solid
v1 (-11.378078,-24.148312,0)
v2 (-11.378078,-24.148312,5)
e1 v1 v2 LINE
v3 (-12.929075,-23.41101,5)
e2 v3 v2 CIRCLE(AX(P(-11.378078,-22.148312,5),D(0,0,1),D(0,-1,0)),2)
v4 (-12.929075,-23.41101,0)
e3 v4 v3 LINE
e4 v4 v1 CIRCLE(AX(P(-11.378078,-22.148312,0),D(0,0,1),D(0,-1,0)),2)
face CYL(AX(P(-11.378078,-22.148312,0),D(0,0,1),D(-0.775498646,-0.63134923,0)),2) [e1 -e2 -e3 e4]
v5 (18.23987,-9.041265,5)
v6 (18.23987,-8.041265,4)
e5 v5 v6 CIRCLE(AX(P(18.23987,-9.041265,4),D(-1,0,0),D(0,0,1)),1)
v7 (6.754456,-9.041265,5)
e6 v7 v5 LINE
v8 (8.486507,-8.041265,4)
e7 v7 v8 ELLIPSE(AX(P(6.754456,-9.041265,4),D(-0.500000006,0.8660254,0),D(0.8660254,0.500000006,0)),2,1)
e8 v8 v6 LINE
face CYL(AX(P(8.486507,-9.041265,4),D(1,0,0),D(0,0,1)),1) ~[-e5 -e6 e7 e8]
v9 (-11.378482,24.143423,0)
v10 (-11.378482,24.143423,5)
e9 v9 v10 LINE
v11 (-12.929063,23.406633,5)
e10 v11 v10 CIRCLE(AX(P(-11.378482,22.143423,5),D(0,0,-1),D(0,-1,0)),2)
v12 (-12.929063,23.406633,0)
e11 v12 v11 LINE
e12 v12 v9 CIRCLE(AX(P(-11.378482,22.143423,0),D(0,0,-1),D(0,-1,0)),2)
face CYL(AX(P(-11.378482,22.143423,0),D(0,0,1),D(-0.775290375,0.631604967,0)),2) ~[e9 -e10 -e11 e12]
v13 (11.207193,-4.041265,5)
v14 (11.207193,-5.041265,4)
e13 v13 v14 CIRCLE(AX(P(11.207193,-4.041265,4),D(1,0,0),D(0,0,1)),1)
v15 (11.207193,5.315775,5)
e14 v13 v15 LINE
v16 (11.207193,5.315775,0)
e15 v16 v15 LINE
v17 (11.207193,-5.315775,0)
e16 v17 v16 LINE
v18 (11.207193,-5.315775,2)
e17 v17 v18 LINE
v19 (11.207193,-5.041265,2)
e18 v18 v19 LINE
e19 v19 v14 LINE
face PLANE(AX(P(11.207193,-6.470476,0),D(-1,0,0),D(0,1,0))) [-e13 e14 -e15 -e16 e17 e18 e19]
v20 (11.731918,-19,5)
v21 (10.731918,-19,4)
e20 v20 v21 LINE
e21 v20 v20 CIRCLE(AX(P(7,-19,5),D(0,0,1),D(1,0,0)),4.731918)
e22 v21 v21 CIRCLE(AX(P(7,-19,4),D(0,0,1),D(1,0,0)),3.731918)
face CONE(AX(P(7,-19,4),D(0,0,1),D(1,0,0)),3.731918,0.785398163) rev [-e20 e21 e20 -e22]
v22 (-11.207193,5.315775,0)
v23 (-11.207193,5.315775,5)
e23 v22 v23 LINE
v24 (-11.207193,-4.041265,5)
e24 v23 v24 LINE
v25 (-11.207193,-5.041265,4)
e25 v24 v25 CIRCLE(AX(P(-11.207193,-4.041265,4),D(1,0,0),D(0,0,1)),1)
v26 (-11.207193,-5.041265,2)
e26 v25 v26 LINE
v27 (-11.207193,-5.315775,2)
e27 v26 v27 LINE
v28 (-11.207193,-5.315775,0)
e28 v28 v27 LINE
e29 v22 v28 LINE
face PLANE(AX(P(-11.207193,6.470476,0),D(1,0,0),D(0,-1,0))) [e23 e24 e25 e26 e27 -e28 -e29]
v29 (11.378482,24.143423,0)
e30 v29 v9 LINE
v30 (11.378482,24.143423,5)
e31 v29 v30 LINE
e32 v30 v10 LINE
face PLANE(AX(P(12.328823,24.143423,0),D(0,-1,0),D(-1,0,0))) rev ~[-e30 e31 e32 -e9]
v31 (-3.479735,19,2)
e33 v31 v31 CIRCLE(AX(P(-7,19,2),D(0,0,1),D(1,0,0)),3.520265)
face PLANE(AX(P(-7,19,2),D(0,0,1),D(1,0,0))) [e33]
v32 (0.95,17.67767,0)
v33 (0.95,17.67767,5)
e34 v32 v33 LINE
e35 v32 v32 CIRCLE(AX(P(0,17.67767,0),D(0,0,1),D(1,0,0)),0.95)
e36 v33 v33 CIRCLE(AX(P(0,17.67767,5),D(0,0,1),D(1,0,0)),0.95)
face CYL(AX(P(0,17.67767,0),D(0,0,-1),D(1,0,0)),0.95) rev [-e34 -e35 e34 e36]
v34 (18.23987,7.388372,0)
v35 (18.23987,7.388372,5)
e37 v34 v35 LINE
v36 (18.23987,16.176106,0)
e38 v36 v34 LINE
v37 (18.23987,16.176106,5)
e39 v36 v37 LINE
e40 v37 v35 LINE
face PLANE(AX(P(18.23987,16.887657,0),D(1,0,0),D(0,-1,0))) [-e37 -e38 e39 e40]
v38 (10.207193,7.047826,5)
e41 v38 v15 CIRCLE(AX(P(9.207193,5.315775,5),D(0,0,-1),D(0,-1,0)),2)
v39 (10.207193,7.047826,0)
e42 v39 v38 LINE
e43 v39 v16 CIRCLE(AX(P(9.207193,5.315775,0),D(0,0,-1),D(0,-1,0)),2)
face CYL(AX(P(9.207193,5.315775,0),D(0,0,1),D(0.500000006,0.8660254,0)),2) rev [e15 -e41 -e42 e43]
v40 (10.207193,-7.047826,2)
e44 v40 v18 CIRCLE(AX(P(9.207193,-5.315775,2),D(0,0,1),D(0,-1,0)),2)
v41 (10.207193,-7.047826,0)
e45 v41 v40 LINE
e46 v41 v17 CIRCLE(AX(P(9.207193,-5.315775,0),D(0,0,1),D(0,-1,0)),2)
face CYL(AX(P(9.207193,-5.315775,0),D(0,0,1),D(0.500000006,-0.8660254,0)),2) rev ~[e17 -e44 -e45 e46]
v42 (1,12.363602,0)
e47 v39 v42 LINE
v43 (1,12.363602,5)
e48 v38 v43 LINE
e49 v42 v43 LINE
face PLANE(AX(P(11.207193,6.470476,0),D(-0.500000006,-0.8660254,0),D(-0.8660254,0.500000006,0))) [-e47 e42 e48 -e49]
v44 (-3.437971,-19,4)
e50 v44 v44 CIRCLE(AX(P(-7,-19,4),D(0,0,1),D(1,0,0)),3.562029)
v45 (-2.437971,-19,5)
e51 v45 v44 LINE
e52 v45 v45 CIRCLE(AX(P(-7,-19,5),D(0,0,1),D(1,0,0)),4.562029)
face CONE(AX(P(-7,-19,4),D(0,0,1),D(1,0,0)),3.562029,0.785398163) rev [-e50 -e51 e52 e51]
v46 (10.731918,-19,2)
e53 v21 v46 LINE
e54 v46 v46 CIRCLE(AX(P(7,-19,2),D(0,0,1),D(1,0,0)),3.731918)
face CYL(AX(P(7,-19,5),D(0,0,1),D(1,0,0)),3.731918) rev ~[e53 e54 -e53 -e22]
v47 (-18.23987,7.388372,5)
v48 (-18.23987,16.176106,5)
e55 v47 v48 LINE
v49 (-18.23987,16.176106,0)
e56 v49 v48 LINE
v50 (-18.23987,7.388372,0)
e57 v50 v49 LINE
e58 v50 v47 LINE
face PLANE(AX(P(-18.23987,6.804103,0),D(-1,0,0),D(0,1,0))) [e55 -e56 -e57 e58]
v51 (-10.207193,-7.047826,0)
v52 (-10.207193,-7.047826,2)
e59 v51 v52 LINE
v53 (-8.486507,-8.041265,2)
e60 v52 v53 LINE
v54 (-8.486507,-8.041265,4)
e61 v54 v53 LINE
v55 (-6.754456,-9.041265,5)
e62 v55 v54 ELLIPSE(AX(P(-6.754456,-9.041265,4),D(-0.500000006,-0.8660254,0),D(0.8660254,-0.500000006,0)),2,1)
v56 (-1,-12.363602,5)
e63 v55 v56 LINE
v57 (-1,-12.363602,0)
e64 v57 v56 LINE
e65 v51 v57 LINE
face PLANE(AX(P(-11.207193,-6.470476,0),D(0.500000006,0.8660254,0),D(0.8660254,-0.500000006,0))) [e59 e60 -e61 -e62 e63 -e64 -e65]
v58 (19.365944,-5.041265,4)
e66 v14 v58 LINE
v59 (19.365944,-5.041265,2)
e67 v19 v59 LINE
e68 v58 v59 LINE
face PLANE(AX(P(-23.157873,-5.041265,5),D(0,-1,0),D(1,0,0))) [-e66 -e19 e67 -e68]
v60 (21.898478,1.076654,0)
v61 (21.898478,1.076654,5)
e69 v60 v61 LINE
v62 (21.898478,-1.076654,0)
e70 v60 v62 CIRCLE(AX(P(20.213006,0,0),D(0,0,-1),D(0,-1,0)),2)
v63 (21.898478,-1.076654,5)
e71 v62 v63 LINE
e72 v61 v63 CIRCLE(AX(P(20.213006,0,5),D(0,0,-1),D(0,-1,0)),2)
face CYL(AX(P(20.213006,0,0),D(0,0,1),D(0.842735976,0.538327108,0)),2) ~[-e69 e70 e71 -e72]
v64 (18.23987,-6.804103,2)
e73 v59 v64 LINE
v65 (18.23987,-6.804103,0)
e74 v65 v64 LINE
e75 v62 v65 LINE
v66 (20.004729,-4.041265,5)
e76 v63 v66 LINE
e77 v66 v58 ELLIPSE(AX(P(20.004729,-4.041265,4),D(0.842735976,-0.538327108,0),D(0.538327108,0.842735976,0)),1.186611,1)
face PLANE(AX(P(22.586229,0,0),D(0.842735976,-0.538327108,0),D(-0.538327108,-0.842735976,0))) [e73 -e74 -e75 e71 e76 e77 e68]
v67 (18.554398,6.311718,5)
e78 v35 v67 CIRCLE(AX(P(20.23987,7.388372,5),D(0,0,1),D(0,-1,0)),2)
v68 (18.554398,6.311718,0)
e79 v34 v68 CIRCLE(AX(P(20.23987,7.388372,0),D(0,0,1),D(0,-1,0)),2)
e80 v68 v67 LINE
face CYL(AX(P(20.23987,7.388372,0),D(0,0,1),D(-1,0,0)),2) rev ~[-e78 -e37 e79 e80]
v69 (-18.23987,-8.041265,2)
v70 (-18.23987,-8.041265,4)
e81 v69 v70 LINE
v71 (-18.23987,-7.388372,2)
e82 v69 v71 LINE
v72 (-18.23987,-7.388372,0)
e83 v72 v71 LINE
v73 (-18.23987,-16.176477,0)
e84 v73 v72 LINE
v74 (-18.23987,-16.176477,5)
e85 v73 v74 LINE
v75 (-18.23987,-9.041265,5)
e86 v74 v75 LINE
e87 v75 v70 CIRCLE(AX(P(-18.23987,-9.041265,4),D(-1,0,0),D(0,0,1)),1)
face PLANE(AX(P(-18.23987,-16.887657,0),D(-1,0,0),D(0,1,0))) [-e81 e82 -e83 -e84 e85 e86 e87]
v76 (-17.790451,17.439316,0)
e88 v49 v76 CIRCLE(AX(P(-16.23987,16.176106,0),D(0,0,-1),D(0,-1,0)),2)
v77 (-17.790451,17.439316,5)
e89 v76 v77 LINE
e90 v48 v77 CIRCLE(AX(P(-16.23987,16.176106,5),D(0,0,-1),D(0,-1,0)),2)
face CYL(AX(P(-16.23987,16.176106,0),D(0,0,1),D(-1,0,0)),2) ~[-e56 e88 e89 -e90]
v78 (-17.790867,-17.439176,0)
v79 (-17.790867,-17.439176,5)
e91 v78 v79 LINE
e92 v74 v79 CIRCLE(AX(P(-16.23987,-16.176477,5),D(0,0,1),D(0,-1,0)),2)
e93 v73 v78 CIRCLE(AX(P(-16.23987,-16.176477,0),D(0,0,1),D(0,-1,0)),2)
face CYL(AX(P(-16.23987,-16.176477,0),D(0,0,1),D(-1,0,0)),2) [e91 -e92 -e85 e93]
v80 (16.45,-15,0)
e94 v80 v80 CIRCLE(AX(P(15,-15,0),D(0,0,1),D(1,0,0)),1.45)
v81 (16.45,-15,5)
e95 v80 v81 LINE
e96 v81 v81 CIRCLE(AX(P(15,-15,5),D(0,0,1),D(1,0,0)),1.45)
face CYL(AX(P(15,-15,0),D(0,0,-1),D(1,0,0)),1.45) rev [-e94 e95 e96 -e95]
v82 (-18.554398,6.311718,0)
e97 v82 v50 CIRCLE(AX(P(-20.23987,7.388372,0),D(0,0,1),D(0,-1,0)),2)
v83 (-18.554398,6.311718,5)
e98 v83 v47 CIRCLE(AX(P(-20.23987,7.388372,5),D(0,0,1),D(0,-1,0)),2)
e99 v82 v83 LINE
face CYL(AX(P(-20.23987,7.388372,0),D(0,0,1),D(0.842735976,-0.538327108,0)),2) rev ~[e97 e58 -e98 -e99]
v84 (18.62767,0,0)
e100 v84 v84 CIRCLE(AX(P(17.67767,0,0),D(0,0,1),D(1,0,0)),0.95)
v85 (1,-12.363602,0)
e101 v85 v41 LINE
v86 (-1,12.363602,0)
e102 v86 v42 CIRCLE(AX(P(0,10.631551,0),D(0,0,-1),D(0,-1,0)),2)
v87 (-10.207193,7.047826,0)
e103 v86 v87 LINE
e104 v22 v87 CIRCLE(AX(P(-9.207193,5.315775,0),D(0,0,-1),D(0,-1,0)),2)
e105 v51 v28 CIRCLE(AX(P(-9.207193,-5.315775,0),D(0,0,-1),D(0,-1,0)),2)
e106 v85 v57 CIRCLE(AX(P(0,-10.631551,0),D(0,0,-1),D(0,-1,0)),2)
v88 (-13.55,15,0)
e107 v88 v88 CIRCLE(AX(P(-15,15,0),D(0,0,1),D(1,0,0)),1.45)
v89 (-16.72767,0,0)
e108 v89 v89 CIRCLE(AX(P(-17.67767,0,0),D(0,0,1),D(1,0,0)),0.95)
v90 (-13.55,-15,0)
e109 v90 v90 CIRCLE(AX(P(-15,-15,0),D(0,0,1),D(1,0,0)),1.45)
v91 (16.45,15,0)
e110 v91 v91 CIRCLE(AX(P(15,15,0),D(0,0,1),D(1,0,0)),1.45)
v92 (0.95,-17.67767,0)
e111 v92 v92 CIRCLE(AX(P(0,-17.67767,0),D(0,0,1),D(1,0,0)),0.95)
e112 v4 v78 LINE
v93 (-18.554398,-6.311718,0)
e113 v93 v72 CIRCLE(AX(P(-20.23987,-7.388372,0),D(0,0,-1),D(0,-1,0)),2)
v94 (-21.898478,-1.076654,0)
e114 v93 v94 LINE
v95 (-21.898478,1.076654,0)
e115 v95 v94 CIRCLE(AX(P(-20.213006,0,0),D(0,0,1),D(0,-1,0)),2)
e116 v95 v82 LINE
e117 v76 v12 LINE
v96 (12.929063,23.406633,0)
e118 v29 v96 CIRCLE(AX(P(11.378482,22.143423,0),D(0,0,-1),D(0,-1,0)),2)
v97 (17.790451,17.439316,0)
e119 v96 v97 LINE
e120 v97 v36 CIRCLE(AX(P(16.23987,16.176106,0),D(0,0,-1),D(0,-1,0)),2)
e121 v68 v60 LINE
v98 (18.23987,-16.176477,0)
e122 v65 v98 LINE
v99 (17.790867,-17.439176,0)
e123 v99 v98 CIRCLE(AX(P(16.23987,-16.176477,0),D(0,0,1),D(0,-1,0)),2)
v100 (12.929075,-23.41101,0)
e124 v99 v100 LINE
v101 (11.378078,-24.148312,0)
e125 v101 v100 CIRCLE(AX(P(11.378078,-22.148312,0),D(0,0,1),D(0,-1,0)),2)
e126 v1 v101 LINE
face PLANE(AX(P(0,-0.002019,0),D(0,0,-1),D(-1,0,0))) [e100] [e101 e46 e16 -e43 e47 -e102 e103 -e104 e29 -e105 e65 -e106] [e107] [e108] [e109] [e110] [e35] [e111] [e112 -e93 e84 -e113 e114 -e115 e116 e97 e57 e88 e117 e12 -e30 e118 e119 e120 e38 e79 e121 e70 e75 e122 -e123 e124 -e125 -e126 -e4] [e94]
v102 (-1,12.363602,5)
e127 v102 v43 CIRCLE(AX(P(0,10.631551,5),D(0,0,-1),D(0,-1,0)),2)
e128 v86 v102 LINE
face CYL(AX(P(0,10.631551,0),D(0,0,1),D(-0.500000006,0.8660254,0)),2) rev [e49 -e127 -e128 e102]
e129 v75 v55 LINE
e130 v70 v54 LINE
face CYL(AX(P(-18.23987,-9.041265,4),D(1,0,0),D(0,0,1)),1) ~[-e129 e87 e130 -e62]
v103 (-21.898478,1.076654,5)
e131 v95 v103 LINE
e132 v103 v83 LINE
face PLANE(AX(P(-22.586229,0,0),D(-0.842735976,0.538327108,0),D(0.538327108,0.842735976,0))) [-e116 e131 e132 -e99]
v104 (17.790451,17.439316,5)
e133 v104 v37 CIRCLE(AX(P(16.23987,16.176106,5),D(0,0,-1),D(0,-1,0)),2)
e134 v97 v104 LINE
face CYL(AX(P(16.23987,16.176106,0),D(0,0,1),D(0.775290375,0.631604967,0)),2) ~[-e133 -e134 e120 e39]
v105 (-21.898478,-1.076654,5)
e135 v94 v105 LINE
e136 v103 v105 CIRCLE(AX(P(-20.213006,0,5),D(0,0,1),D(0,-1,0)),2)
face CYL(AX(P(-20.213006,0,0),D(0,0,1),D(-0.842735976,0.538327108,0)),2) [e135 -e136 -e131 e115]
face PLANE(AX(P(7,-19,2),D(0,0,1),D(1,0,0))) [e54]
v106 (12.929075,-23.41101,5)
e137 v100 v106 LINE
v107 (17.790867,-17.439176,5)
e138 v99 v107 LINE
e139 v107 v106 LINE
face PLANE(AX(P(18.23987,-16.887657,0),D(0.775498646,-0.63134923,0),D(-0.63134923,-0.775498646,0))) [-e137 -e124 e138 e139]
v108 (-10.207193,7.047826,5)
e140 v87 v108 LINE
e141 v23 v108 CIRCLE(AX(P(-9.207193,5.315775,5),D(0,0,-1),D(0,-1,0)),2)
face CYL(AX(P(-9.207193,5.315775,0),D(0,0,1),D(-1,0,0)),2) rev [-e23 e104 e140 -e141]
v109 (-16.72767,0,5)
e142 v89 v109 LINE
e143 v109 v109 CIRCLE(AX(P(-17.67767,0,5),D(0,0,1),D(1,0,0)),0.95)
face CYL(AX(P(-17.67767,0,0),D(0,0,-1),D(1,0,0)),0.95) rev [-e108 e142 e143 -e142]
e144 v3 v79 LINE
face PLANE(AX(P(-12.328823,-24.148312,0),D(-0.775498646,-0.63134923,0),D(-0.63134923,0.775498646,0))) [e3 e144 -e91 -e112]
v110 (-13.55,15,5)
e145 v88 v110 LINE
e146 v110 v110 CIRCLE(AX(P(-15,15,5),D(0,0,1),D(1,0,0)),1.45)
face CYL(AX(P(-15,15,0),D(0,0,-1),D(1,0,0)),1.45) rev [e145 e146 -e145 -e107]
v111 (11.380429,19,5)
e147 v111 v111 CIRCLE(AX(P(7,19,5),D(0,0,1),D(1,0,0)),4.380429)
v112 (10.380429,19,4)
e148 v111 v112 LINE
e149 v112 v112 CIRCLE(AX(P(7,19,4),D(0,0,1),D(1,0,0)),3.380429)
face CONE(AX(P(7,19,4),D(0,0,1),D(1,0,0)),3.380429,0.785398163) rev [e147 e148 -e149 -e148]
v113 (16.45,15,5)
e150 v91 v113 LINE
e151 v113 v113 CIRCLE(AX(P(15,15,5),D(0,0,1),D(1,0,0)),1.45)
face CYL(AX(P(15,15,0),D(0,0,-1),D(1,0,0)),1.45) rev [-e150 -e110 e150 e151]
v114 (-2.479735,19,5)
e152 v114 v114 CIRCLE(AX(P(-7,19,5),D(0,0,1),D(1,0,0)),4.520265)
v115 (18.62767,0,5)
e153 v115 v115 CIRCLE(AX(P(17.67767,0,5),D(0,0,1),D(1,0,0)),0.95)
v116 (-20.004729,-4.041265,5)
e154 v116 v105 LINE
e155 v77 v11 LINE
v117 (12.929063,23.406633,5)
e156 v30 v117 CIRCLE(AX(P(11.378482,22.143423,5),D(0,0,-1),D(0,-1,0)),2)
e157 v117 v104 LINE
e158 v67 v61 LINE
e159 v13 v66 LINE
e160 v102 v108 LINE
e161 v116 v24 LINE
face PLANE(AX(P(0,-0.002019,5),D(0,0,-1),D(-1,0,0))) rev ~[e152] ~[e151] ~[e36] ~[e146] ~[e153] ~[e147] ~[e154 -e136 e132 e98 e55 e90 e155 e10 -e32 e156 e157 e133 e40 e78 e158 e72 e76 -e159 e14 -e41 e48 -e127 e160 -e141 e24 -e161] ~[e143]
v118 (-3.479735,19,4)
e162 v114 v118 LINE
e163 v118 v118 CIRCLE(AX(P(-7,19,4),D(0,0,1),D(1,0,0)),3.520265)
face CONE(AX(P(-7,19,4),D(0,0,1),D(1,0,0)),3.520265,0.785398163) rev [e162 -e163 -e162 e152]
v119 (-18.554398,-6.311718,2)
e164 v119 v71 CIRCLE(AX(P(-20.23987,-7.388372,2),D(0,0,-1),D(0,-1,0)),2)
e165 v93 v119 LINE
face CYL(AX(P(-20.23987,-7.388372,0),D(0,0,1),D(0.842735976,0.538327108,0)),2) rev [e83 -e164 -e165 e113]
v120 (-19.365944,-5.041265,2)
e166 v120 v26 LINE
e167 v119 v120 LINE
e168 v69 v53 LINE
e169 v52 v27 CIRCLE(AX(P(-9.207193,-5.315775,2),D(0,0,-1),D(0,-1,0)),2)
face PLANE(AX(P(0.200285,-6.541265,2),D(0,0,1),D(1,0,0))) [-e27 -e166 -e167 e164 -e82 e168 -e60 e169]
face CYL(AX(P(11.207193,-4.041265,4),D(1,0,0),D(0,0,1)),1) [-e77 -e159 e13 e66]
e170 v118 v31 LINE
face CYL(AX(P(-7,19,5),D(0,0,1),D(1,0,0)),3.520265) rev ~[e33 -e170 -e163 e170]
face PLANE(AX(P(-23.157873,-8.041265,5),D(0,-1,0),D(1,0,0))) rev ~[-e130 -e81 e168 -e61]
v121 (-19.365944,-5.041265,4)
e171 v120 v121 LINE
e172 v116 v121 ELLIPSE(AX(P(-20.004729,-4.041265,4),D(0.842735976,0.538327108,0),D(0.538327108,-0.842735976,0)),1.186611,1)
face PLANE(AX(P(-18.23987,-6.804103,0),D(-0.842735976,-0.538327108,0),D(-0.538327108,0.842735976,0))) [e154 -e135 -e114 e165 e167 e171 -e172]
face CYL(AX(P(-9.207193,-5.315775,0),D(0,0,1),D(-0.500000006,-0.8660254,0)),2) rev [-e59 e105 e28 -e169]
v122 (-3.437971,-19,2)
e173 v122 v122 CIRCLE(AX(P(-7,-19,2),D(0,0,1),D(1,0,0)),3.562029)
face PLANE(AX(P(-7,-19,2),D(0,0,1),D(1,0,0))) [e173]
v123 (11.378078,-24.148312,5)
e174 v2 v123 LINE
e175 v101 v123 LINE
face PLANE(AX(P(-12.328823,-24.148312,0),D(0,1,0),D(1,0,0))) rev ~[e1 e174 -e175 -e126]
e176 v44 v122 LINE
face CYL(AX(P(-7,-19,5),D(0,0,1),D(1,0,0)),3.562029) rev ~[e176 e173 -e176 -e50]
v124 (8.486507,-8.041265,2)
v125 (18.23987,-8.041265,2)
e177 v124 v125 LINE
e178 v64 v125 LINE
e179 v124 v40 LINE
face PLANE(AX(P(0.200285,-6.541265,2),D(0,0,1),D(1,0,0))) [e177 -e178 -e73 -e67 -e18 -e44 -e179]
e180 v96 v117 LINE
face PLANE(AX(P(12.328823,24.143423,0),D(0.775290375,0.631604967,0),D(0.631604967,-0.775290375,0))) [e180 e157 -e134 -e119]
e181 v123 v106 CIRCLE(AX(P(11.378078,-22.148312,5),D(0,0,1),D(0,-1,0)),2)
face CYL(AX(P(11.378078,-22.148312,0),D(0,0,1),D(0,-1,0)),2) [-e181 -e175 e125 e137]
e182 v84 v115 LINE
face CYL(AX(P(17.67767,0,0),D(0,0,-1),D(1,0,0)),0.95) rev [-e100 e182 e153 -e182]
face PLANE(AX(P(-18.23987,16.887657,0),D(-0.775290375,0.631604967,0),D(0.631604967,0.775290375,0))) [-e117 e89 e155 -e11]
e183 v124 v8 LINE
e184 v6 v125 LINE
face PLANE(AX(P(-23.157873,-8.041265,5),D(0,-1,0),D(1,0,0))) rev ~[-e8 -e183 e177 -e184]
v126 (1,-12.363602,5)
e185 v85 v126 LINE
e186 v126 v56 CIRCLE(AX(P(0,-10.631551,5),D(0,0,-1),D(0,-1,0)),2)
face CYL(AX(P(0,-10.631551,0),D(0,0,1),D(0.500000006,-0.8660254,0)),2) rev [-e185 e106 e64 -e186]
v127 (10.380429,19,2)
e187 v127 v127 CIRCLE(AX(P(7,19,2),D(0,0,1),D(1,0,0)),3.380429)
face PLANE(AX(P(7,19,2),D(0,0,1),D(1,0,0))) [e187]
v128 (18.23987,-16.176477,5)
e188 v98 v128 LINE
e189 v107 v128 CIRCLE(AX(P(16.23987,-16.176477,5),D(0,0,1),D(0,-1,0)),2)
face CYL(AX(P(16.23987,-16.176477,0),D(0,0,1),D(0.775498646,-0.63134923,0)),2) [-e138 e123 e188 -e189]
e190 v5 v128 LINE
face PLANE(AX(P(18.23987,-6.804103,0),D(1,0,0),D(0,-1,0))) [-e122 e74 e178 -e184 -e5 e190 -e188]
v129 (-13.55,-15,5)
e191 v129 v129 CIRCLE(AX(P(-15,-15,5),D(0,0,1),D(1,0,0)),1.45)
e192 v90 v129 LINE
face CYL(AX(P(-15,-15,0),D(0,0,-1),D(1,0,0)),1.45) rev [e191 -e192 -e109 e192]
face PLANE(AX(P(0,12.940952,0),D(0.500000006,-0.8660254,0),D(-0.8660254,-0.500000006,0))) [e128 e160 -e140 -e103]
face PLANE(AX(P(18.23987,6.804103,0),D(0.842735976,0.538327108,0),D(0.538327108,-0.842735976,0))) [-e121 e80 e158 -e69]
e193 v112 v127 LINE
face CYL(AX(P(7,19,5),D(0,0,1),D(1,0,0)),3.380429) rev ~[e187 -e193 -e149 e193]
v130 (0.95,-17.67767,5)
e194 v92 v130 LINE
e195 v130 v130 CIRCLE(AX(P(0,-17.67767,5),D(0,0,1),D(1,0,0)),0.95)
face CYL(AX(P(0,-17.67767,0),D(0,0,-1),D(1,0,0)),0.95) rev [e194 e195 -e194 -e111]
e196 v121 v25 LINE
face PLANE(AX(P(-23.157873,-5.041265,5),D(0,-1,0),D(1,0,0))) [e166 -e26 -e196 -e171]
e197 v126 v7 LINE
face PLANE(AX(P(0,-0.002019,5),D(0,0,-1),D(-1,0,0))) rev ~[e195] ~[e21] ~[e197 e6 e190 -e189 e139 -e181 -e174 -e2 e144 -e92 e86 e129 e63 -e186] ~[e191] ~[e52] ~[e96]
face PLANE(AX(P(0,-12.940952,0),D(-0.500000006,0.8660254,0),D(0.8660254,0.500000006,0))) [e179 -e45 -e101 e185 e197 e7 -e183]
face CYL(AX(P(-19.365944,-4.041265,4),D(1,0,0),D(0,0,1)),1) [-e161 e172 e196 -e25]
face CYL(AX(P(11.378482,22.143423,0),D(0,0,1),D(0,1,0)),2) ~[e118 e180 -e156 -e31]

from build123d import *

# Parameters (mm, degrees)
SKETCH_R        = 1.45
SKETCH_R_2      = 0.95
PAD_DEPTH       = 5
SKETCH001_R     = 3.562029
SKETCH001_R_2   = 3.731918
SKETCH001_R_3   = 3.520265
SKETCH001_R_4   = 3.380429
POCKET_DEPTH    = 3
SKETCH002_W     = 46.716316
SKETCH002_H     = 3
POCKET001_DEPTH = 3
FILLET_R        = 2
FILLET001_R     = 2
FILLET002_R     = 1
CHAMFER_SIZE    = 1


with BuildPart() as part:
    # Sketch → Pad (new body)
    with BuildSketch(Plane.XY):
        Polygon((-22.586229, 0), (-18.23987, 6.804103), (-18.23987, 16.887657), (-12.328823, 24.143423), (0, 24.143423), (12.328823, 24.143423), (18.23987, 16.887657), (18.23987, 6.804103), (22.586229, 0), (18.23987, -6.804103), (18.23987, -16.887657), (12.328823, -24.148312), (0.02983, -24.148312), (-12.328823, -24.148312), (-18.23987, -16.887657), (-18.23987, -6.804103), align=None)
        with Locations((-15, 15)):
            Circle(SKETCH_R, mode=Mode.SUBTRACT)
        with Locations((0, 17.67767)):
            Circle(SKETCH_R_2, mode=Mode.SUBTRACT)
        with Locations((15, 15)):
            Circle(SKETCH_R, mode=Mode.SUBTRACT)
        with Locations((15, -15)):
            Circle(SKETCH_R, mode=Mode.SUBTRACT)
        with Locations((-15, -15)):
            Circle(SKETCH_R, mode=Mode.SUBTRACT)
        with Locations((0, -17.67767)):
            Circle(SKETCH_R_2, mode=Mode.SUBTRACT)
        with Locations((-17.67767, 0)):
            Circle(SKETCH_R_2, mode=Mode.SUBTRACT)
        with Locations((17.67767, 0)):
            Circle(SKETCH_R_2, mode=Mode.SUBTRACT)
        Polygon((11.207193, -6.470476), (11.207193, 6.470476), (0, 12.940952), (-11.207193, 6.470476), (-11.207193, -6.470476), (0, -12.940952), align=None, mode=Mode.SUBTRACT)
    extrude(amount=PAD_DEPTH)

    # Sketch001 (on Face32 of Pad) → Pocket (cut)
    with BuildSketch(Plane.XY.offset(5)):
        with Locations((-7, -19)):
            Circle(SKETCH001_R)
        with Locations((7, -19)):
            Circle(SKETCH001_R_2)
        with Locations((-7, 19)):
            Circle(SKETCH001_R_3)
        with Locations((7, 19)):
            Circle(SKETCH001_R_4)
    extrude(amount=-POCKET_DEPTH, mode=Mode.SUBTRACT)

    # Sketch002 (on Face5 of Pocket) → Pocket001 (cut)
    with BuildSketch(Plane.XY.offset(5)):
        with Locations((0.200285, -6.541265)):
            Rectangle(SKETCH002_W, SKETCH002_H)
    extrude(amount=-POCKET001_DEPTH, mode=Mode.SUBTRACT)

    # Fillet
    fillet_edges = [part.edges().sort_by_distance(p)[0] for p in [
        (22.586229, 0, 2.5),
        (-22.586229, 0, 2.5),
        (18.23987, -16.887657, 2.5),
        (12.328823, -24.148312, 2.5),
        (-12.328823, -24.148312, 2.5),
        (-18.23987, -16.887657, 2.5),
        (-18.23987, 16.887657, 2.5),
        (-18.23987, 6.804103, 2.5),
        (-18.23987, -6.804103, 1),
        (-12.328823, 24.143423, 2.5),
        (12.328823, 24.143423, 2.5),
        (18.23987, 16.887657, 2.5),
        (18.23987, 6.804103, 2.5),
    ]]
    fillet(fillet_edges, radius=FILLET_R)

    # Fillet001
    fillet001_edges = [part.edges().sort_by_distance(p)[0] for p in [
        (11.207193, -6.470476, 1),
        (0, -12.940952, 2.5),
        (11.207193, 6.470476, 2.5),
        (0, 12.940952, 2.5),
        (-11.207193, 6.470476, 2.5),
        (-11.207193, -6.470476, 1),
    ]]
    fillet(fillet001_edges, radius=FILLET001_R)

    # Fillet002
    fillet002_edges = [part.edges().sort_by_distance(p)[0] for p in [
        (15.286569, -5.041265, 5),
        (13.363188, -8.041265, 5),
        (-15.286569, -5.041265, 5),
        (-13.363188, -8.041265, 5),
    ]]
    fillet(fillet002_edges, radius=FILLET002_R)

    # Chamfer
    chamfer_edges = [part.edges().sort_by_distance(p)[0] for p in [
        (3.619571, 19, 5),
        (-10.520265, 19, 5),
        (3.268082, -19, 5),
        (-10.562029, -19, 5),
    ]]
    chamfer(chamfer_edges, length=CHAMFER_SIZE)


solid = part.part
